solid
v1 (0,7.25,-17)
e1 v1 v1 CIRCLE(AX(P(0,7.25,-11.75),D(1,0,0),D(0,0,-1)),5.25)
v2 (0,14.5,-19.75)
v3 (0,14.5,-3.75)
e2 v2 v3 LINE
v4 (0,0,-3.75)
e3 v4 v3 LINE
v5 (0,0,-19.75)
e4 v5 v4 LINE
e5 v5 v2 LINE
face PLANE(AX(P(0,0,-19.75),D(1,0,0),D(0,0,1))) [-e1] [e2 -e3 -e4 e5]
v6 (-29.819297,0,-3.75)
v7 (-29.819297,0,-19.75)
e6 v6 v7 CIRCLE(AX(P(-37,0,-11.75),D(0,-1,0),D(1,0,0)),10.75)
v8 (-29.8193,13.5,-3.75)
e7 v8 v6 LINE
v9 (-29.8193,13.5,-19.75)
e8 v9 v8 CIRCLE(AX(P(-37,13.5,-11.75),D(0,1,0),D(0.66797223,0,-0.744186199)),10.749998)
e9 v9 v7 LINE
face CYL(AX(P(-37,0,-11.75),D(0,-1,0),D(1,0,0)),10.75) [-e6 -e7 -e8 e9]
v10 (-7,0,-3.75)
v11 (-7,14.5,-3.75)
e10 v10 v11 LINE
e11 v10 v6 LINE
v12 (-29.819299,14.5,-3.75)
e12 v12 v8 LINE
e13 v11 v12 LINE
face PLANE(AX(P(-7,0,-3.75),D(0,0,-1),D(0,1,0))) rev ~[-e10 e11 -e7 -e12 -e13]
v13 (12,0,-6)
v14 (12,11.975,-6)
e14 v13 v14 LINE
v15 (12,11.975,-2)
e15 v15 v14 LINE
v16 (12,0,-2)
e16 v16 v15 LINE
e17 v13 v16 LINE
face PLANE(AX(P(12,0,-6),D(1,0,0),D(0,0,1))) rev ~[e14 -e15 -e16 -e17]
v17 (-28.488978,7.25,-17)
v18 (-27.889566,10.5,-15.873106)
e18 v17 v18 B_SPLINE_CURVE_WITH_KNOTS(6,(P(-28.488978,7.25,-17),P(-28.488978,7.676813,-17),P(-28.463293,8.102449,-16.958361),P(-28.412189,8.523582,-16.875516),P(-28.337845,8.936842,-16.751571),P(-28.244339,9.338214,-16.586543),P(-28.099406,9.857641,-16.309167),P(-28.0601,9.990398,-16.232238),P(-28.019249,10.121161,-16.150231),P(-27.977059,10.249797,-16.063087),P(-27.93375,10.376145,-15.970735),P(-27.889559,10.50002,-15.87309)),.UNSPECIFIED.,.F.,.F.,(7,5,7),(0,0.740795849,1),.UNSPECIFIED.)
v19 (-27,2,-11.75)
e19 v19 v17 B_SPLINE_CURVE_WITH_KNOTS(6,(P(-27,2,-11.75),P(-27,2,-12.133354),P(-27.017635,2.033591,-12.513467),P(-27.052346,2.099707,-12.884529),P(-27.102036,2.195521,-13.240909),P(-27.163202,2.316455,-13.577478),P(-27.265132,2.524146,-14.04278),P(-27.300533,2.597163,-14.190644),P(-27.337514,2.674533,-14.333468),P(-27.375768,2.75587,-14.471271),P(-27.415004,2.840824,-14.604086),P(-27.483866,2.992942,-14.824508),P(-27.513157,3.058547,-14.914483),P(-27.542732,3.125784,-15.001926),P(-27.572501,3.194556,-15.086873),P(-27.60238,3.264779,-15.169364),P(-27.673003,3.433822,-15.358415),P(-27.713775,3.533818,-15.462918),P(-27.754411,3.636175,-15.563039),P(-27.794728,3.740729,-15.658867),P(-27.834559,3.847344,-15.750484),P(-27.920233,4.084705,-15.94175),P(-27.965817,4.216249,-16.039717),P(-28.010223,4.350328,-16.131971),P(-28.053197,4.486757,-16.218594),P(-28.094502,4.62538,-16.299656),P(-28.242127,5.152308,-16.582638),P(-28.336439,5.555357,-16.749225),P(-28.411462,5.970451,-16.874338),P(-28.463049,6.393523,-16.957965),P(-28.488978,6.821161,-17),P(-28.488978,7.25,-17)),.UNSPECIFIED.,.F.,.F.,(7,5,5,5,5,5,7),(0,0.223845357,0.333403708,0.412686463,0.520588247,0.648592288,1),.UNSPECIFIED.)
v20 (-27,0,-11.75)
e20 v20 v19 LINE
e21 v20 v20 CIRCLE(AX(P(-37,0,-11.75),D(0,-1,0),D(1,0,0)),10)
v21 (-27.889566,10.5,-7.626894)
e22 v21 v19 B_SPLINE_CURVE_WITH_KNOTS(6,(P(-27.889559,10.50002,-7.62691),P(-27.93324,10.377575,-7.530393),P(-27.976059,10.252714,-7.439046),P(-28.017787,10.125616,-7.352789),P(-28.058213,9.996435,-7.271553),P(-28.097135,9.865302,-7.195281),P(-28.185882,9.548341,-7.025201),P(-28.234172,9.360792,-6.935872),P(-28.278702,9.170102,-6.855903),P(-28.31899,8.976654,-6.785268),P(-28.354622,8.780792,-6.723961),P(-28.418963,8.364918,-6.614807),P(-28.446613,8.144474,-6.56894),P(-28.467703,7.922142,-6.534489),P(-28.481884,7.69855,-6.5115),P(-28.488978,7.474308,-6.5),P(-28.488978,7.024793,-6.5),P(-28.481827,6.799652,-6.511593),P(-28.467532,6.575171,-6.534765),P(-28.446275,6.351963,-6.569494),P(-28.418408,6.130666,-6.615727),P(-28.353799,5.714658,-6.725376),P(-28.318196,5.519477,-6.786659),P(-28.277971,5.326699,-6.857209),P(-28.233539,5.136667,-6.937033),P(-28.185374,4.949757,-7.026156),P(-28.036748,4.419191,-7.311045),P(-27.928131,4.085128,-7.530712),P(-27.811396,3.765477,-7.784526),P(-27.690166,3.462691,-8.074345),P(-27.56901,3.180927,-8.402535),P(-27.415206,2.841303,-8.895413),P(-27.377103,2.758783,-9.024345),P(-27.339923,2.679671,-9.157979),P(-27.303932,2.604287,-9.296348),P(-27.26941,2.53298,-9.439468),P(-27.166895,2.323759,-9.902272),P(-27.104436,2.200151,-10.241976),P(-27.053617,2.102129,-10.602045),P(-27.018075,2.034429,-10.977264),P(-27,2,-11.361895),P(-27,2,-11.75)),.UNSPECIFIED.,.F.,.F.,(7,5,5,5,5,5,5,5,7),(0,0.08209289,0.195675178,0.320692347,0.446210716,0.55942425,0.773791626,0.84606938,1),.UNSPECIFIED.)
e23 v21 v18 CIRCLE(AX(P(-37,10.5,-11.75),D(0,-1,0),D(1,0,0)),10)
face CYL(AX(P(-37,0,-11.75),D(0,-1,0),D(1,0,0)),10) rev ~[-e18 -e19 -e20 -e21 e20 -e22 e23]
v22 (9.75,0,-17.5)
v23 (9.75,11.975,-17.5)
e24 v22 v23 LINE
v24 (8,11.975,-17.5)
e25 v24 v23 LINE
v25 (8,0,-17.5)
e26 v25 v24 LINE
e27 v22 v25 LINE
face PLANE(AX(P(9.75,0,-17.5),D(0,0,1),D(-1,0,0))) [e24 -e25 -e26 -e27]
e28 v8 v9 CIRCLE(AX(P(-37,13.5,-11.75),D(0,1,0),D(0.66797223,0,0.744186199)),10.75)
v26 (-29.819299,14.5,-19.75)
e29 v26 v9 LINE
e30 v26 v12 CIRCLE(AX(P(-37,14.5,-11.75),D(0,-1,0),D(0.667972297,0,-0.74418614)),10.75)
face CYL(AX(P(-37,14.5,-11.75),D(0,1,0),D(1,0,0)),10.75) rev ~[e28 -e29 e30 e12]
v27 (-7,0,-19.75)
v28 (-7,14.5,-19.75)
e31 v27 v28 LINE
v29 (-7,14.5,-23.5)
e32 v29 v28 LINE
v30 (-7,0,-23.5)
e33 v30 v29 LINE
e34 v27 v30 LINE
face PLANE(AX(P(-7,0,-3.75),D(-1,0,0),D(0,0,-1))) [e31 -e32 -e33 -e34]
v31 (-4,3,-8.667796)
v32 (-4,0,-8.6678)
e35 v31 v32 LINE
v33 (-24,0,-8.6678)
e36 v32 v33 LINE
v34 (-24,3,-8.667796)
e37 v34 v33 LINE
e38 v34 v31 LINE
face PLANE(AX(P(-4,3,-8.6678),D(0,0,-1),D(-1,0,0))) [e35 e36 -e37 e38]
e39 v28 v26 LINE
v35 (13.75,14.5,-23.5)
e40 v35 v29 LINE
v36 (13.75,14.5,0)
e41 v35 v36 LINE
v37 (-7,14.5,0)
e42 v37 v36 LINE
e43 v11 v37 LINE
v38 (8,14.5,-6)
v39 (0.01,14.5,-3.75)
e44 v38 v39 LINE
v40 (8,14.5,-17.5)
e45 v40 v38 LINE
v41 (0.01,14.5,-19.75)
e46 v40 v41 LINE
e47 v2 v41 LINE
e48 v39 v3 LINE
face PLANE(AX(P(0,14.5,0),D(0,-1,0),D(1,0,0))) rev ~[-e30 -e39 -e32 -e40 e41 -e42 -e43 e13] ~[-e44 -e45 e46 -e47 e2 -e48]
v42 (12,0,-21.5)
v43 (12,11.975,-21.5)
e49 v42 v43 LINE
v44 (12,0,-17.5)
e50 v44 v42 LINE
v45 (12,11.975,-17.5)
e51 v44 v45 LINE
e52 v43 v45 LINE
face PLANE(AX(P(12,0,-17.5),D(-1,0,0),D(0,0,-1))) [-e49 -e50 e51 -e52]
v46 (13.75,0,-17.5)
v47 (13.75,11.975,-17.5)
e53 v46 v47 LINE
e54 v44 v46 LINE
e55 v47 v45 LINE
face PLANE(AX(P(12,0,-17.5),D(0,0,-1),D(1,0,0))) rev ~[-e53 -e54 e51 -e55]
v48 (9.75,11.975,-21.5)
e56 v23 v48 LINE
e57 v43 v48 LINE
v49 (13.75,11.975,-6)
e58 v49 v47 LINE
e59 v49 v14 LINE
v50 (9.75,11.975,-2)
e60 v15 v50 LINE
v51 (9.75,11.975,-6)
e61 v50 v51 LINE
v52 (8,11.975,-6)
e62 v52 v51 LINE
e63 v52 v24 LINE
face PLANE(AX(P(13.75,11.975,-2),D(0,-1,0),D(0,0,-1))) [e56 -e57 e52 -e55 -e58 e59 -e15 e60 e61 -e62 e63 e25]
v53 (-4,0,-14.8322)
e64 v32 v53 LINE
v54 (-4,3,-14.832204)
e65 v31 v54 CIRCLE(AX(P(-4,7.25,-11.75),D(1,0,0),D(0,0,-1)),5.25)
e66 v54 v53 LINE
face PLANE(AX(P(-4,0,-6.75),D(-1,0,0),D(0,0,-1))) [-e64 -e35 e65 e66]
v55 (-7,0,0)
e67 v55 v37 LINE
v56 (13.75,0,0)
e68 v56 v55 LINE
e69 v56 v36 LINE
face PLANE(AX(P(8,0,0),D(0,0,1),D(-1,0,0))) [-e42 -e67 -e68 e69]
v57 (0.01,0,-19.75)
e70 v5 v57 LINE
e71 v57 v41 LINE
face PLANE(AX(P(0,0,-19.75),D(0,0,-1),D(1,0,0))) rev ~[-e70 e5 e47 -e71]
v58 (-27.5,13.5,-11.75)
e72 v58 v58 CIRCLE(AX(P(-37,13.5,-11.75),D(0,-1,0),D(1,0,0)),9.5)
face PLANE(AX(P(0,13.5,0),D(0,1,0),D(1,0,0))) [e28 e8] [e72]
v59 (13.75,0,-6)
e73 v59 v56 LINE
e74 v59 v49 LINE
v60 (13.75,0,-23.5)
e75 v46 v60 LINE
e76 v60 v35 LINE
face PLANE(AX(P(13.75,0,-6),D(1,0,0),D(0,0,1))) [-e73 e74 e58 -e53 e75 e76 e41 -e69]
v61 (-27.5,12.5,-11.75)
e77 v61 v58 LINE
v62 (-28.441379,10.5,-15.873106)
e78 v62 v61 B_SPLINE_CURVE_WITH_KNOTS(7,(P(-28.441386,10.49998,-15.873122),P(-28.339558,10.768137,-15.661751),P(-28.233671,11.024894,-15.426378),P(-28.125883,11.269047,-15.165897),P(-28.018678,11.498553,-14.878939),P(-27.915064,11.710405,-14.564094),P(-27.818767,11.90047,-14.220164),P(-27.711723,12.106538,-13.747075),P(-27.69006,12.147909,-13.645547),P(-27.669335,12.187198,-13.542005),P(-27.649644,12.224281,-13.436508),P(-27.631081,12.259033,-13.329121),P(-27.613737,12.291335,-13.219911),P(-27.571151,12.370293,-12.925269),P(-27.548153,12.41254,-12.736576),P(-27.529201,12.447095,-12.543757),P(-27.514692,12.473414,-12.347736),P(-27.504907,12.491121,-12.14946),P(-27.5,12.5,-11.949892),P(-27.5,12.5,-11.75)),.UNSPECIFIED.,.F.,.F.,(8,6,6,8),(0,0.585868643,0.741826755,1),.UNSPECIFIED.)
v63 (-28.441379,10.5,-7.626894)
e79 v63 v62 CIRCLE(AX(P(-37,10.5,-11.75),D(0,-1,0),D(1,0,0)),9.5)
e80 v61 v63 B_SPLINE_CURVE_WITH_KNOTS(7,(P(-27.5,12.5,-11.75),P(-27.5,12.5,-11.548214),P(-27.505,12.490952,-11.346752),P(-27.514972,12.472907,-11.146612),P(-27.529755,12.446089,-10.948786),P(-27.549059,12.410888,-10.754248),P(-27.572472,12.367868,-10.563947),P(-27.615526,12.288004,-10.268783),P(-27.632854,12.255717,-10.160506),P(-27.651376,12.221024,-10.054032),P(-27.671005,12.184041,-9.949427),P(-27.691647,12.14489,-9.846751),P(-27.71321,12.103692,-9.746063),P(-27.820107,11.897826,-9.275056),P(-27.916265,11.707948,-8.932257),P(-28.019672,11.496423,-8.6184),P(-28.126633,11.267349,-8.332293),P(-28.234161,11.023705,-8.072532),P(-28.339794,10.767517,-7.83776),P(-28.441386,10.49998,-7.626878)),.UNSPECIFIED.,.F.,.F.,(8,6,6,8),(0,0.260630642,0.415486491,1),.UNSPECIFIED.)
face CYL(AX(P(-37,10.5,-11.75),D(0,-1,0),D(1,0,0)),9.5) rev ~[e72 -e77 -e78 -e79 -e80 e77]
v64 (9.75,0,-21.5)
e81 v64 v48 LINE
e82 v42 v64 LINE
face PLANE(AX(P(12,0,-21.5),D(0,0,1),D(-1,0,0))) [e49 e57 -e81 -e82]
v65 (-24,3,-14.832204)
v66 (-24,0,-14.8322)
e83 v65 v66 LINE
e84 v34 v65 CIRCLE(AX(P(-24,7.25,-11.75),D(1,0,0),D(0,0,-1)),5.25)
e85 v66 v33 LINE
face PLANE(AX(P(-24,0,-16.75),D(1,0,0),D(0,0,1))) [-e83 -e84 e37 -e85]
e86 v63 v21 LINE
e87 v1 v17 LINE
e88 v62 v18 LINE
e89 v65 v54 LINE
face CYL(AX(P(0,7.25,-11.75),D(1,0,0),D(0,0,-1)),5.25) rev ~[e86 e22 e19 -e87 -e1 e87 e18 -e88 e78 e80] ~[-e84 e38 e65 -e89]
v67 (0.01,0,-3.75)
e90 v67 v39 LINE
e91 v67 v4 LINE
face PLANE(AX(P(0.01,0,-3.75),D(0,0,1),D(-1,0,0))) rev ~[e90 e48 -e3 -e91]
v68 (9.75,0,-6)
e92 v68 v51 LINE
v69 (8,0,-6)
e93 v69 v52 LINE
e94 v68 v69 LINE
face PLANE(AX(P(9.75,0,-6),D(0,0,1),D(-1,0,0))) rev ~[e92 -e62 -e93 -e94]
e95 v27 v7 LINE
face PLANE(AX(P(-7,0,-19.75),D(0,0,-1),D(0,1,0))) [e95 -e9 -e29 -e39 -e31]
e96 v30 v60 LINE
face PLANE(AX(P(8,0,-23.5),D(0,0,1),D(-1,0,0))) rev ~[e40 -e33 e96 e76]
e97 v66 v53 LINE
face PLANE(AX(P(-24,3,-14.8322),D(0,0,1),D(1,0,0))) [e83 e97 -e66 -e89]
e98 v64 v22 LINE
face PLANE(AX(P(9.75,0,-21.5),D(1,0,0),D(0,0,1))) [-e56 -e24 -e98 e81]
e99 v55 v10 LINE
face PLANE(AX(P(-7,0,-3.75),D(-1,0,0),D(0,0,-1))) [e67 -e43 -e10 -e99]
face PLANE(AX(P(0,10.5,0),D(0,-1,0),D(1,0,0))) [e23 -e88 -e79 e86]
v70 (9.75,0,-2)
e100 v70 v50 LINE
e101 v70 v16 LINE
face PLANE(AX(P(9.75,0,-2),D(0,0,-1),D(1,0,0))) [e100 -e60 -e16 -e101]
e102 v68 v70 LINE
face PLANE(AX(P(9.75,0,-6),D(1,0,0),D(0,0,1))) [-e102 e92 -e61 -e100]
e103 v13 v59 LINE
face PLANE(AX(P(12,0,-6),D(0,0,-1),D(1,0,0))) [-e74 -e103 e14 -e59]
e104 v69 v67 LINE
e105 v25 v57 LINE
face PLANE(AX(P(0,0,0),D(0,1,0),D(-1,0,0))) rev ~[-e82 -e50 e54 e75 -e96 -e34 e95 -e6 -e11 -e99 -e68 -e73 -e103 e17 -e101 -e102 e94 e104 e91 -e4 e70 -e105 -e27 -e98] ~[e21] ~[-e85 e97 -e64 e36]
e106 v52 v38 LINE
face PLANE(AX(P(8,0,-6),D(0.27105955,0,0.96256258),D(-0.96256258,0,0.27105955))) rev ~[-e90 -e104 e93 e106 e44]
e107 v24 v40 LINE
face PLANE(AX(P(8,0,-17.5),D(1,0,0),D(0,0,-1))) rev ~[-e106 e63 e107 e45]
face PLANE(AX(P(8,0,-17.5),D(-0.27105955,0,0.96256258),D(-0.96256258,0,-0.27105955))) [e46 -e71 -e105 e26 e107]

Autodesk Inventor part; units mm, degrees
ref_plane "YZ Plane" through (0, 0, 0) normal (1, 0, 0) x (0, 1, 0)
ref_plane "XZ Plane" through (0, 0, 0) normal (0, 1, 0) x (-1, 0, 0)
ref_plane "XY Plane" through (0, 0, 0) normal (0, 0, 1) x (1, 0, 0)
sketch "Sketch1" plane through (0, 0, 0) normal (0, 1, 0) x (-1, 0, 0)
  line L0 (0, 0) -> (7, 0)
  line L1 (7, -23.495) -> (0, -23.495)
  line L2 (-11.75, -2) -> (-11.75, -21.5)
  line L3 (-11.75, -9.75) -> (-10, -9.75)
  line L4 (-10, -2) -> (-10, -21.5)
  line L5 (-11.75, -0.1283) -> (-10, -0.1283)
  line L6 (-10, -2) -> (-10, -6)
  line L7 (-11.75, -6) -> (-13.75, -6)
  line L8 (-13.75, -6) -> (-13.75, 0)
  line L9 (-10, -6) -> (-8, -6)
  line L10 (-8, -6) -> (-8, 0)
  line L11 (-8, 0) -> (-13.75, 0)
  line L12 (-10, -21.5) -> (-10, -17.5)
  line L13 (-10, -17.5) -> (-8, -17.5)
  line L14 (-8, -17.5) -> (-8, -23.5)
  line L15 (-10, -2) -> (-11.75, -2)
  line L16 (-11.75, -6) -> (-11.75, -2)
  line L17 (-10, -21.5) -> (-11.75, -21.5)
  line L18 (-11.75, -21.5) -> (-11.75, -17.5)
  line L19 (-11.75, -17.5) -> (-13.75, -17.5)
  line L20 (-13.75, -17.5) -> (-13.75, -23.5)
  line L21 (-13.75, -23.5) -> (-8, -23.5)
  line L22 (-0.01, -3.75) -> (7, -3.75)
  line L23 (-8, -6) -> (-0.01, -3.75)
  line L24 (-8, 0) -> (7, 0)
  line L25 (7, 0) -> (7, -3.75)
  line L26 (-8, -23.5) -> (7, -23.5)
  line L27 (7, -23.5) -> (7, -19.75)
  line L28 (7, -19.75) -> (-0.01, -19.75)
  line L29 (-8, -17.5) -> (-0.01, -19.75)
  line L30 (7, -23.5) -> (0, -23.5)
  line L31 (0, -23.5) -> (0, 0)
  line L32 (0, 0) -> (7, 0)
  line L33 (7, 0) -> (7, -23.5)
  line L34 (-10, -21.5) -> (-9.75, -21.5)
  line L35 (-9.75, -21.5) -> (-9.75, -17.5)
  line L36 (-9.75, -17.5) -> (-10, -17.5)
  line L37 (-10, -17.5) -> (-10, -21.5)
  line L38 (-11.75, -17.5) -> (-12, -17.5)
  line L39 (-12, -17.5) -> (-12, -21.5)
  line L40 (-12, -21.5) -> (-11.75, -21.5)
  line L41 (-11.75, -21.5) -> (-11.75, -17.5)
  line L42 (-10, -6) -> (-9.75, -6)
  line L43 (-9.75, -6) -> (-9.75, -2)
  line L44 (-9.75, -2) -> (-10, -2)
  line L45 (-10, -2) -> (-10, -6)
  line L46 (-11.75, -6) -> (-12, -6)
  line L47 (-12, -6) -> (-12, -2)
  line L48 (-12, -2) -> (-11.75, -2)
  line L49 (-11.75, -2) -> (-11.75, -6)
  dimension "d0" = 23.495
  dimension "d1" = 7
  dimension "d2" = 4
  dimension "d3" = 2
  dimension "d4" = 6
  dimension "d5" = 2
  dimension "d6" = 4
  dimension "d7" = 2
  dimension "d8" = 6
  dimension "d9" = 2
  dimension "d10" = 15
  dimension "d11" = 15
  dimension "d12" = 0.25
  dimension "d13" = 0.25
  dimension "d14" = 0.25
  dimension "d15" = 0.25
extrude "Extrusion1" add sketch "Sketch1" along normal blind 14.5 contours L31 L22 L23 L10 L24 | L0 L25 L22 L31 | L10 L9 L43 L44 L15 L48 L47 L7 L8 L11 | L22 L33 L28 L31 | L31 L26 L14 L29 L28 | L28 L27 L1 L31 | L1 L27 L26 L31 | L14 L21 L20 L19 L39 L40 L17 L34 L35 L13
sketch "Sketch2" plane through (-7, 0, -23.5) normal (-1, 0, 0) x (0, 0, 1)
  line L0 (23.5, 0) -> (19.75, 0)
  line L1 (19.75, 0) -> (3.75, 0) projected
  line L2 (19.75, 0) -> (19.75, 14.5) projected
  line L3 (19.75, 0) -> (19.75, 14.5)
  line L4 (6, 0) -> (0, 0) projected
  line L5 (0, 0) -> (3.75, 0)
  line L6 (3.75, 0) -> (3.75, 14.5) projected
  line L7 (3.75, 0) -> (3.75, 14.5)
  line L8 (3.75, 0) -> (19.75, 0)
  line L9 (19.75, 0) -> (19.75, 14.5)
  line L10 (19.75, 14.5) -> (3.75, 14.5)
  line L11 (3.75, 14.5) -> (3.75, 0)
  dimension "d18" = 3.75
  dimension "d19" = 3.75
extrude "Extrusion2" add sketch "Sketch2" along normal blind 30
sketch "Sketch3" plane through (0, 0, 0) normal (0, -1, 0) x (1, 0, 0)
  line L0 (-37, -19.75) -> (-37, -3.75) projected
  circle A0 centre (-37, -11.75) radius 10.75
  point P0 (0, 0)
  dimension "d22" = 21.5
extrude "Extrusion3" add sketch "Sketch3" against normal blind 14.5
sketch "Sketch4" plane through (0, 0, 0) normal (0, -1, 0) x (1, 0, 0)
  arc A0 (-29.8193, -3.75) -> (-29.8193, -19.75) centre (-37, -11.75) ccw projected
  circle A1 centre (-37, -11.75) radius 10
  point P0 (0, 0)
  dimension "d25" = 20
extrude "Extrusion4" cut sketch "Sketch4" against normal blind 10.5
sketch "Sketch5" plane through (-37, 10.5, -11.75) normal (0, -1, 0) x (1, 0, 0)
  circle A0 centre (0, 0) radius 10 projected
  circle A1 centre (0, 0) radius 9.5
  point P0 (37, 11.75)
  dimension "d28" = 19
extrude "Extrusion5" cut sketch "Sketch5" against normal blind 10.5 contours A1
sketch "Sketch6" plane through (0, 0, -3.75) normal (1, 0, 0) x (0, 0, -1)
  circle A0 centre (8, 7.25) radius 5.25
  point P0 (-3.75, 0)
  dimension "d31" = 10.5
extrude "Extrusion6" cut sketch "Sketch6" against normal blind 40
sketch "Sketch7" plane through (0, 14.5, 0) normal (0, 1, 0) x (1, 0, 0)
  arc A0 (-29.8193, 19.75) -> (-29.8193, 3.75) centre (-37, 11.75) ccw projected
  circle A1 centre (-37, 11.75) radius 10.75
  point P0 (0, 0)
  dimension "d50" = 21.5
extrude "Extrusion7" cut sketch "Sketch7" against normal blind 1
sketch "Sketch9" plane through (0, 0, 0) normal (0, -1, 0) x (1, 0, 0)
  line L0 (-7, -19.75) -> (-29.8193, -19.75) projected
  line L1 (-7, -19.75) -> (-4, -19.75)
  line L2 (-4, -19.75) -> (-4, -16.75)
  line L3 (-7, -3.75) -> (-7, 0) projected
  line L4 (-7, -3.75) -> (-4, -3.75)
  line L5 (-4, -3.75) -> (-4, -6.75)
  line L6 (-4, -16.75) -> (-24, -16.75)
  line L7 (-24, -16.75) -> (-24, -6.75)
  line L8 (-24, -6.75) -> (-4, -6.75)
  line L9 (-4, -6.75) -> (-4, -16.75)
  point P0 (0, 0)
  point P1 (-29.0904, -19.75)
  dimension "d39" = 3
  dimension "d40" = 3
  dimension "d41" = 3
  dimension "d42" = 3
  dimension "d43" = 20
extrude "Extrusion9" cut sketch "Sketch9" against normal blind 3
sketch "Sketch10" plane through (0, 3, 0) normal (0, -1, 0) x (1, 0, 0)
  line L0 (-4, -8.6678) -> (-24, -8.6678) projected
  line L1 (-4, -6.75) -> (-4, -8.6678) projected
  line L2 (-24, -6.75) -> (-4, -6.75) projected
  line L3 (-24, -8.6678) -> (-24, -6.75) projected
  line L4 (-24, -14.8322) -> (-4, -14.8322) projected
  line L5 (-24, -16.75) -> (-24, -14.8322) projected
  line L6 (-4, -16.75) -> (-24, -16.75) projected
  line L7 (-4, -14.8322) -> (-4, -16.75) projected
  point P0 (0, 0)
extrude "Extrusion10" add sketch "Sketch10" along normal blind 3
sketch "Sketch11" plane through (13.75, 0, -17.5) normal (1, 0, 0) x (0, 0, -1)
  line L0 (-15.5, 11.975) -> (4, 11.975) projected
  line L1 (4, 0) -> (4, 14.5) projected
  line L2 (4, 11.975) -> (4, 14.5)
  line L3 (4, 14.5) -> (-15.625, 14.5)
  line L4 (-13.75, 14.5) -> (-17.5, 14.5) projected
  line L5 (-15.5, 0) -> (-15.5, 14.5) projected
  line L6 (-15.5, 11.975) -> (-15.5, 14.5)
  line L7 (4, 11.975) -> (-15.5, 11.975)
  line L8 (-15.5, 14.5) -> (4, 14.5)
  point P0 (-17.5, 0)
extrude "Extrusion11" add sketch "Sketch11" against normal blind 5.75
properties part number "PistonV2"
